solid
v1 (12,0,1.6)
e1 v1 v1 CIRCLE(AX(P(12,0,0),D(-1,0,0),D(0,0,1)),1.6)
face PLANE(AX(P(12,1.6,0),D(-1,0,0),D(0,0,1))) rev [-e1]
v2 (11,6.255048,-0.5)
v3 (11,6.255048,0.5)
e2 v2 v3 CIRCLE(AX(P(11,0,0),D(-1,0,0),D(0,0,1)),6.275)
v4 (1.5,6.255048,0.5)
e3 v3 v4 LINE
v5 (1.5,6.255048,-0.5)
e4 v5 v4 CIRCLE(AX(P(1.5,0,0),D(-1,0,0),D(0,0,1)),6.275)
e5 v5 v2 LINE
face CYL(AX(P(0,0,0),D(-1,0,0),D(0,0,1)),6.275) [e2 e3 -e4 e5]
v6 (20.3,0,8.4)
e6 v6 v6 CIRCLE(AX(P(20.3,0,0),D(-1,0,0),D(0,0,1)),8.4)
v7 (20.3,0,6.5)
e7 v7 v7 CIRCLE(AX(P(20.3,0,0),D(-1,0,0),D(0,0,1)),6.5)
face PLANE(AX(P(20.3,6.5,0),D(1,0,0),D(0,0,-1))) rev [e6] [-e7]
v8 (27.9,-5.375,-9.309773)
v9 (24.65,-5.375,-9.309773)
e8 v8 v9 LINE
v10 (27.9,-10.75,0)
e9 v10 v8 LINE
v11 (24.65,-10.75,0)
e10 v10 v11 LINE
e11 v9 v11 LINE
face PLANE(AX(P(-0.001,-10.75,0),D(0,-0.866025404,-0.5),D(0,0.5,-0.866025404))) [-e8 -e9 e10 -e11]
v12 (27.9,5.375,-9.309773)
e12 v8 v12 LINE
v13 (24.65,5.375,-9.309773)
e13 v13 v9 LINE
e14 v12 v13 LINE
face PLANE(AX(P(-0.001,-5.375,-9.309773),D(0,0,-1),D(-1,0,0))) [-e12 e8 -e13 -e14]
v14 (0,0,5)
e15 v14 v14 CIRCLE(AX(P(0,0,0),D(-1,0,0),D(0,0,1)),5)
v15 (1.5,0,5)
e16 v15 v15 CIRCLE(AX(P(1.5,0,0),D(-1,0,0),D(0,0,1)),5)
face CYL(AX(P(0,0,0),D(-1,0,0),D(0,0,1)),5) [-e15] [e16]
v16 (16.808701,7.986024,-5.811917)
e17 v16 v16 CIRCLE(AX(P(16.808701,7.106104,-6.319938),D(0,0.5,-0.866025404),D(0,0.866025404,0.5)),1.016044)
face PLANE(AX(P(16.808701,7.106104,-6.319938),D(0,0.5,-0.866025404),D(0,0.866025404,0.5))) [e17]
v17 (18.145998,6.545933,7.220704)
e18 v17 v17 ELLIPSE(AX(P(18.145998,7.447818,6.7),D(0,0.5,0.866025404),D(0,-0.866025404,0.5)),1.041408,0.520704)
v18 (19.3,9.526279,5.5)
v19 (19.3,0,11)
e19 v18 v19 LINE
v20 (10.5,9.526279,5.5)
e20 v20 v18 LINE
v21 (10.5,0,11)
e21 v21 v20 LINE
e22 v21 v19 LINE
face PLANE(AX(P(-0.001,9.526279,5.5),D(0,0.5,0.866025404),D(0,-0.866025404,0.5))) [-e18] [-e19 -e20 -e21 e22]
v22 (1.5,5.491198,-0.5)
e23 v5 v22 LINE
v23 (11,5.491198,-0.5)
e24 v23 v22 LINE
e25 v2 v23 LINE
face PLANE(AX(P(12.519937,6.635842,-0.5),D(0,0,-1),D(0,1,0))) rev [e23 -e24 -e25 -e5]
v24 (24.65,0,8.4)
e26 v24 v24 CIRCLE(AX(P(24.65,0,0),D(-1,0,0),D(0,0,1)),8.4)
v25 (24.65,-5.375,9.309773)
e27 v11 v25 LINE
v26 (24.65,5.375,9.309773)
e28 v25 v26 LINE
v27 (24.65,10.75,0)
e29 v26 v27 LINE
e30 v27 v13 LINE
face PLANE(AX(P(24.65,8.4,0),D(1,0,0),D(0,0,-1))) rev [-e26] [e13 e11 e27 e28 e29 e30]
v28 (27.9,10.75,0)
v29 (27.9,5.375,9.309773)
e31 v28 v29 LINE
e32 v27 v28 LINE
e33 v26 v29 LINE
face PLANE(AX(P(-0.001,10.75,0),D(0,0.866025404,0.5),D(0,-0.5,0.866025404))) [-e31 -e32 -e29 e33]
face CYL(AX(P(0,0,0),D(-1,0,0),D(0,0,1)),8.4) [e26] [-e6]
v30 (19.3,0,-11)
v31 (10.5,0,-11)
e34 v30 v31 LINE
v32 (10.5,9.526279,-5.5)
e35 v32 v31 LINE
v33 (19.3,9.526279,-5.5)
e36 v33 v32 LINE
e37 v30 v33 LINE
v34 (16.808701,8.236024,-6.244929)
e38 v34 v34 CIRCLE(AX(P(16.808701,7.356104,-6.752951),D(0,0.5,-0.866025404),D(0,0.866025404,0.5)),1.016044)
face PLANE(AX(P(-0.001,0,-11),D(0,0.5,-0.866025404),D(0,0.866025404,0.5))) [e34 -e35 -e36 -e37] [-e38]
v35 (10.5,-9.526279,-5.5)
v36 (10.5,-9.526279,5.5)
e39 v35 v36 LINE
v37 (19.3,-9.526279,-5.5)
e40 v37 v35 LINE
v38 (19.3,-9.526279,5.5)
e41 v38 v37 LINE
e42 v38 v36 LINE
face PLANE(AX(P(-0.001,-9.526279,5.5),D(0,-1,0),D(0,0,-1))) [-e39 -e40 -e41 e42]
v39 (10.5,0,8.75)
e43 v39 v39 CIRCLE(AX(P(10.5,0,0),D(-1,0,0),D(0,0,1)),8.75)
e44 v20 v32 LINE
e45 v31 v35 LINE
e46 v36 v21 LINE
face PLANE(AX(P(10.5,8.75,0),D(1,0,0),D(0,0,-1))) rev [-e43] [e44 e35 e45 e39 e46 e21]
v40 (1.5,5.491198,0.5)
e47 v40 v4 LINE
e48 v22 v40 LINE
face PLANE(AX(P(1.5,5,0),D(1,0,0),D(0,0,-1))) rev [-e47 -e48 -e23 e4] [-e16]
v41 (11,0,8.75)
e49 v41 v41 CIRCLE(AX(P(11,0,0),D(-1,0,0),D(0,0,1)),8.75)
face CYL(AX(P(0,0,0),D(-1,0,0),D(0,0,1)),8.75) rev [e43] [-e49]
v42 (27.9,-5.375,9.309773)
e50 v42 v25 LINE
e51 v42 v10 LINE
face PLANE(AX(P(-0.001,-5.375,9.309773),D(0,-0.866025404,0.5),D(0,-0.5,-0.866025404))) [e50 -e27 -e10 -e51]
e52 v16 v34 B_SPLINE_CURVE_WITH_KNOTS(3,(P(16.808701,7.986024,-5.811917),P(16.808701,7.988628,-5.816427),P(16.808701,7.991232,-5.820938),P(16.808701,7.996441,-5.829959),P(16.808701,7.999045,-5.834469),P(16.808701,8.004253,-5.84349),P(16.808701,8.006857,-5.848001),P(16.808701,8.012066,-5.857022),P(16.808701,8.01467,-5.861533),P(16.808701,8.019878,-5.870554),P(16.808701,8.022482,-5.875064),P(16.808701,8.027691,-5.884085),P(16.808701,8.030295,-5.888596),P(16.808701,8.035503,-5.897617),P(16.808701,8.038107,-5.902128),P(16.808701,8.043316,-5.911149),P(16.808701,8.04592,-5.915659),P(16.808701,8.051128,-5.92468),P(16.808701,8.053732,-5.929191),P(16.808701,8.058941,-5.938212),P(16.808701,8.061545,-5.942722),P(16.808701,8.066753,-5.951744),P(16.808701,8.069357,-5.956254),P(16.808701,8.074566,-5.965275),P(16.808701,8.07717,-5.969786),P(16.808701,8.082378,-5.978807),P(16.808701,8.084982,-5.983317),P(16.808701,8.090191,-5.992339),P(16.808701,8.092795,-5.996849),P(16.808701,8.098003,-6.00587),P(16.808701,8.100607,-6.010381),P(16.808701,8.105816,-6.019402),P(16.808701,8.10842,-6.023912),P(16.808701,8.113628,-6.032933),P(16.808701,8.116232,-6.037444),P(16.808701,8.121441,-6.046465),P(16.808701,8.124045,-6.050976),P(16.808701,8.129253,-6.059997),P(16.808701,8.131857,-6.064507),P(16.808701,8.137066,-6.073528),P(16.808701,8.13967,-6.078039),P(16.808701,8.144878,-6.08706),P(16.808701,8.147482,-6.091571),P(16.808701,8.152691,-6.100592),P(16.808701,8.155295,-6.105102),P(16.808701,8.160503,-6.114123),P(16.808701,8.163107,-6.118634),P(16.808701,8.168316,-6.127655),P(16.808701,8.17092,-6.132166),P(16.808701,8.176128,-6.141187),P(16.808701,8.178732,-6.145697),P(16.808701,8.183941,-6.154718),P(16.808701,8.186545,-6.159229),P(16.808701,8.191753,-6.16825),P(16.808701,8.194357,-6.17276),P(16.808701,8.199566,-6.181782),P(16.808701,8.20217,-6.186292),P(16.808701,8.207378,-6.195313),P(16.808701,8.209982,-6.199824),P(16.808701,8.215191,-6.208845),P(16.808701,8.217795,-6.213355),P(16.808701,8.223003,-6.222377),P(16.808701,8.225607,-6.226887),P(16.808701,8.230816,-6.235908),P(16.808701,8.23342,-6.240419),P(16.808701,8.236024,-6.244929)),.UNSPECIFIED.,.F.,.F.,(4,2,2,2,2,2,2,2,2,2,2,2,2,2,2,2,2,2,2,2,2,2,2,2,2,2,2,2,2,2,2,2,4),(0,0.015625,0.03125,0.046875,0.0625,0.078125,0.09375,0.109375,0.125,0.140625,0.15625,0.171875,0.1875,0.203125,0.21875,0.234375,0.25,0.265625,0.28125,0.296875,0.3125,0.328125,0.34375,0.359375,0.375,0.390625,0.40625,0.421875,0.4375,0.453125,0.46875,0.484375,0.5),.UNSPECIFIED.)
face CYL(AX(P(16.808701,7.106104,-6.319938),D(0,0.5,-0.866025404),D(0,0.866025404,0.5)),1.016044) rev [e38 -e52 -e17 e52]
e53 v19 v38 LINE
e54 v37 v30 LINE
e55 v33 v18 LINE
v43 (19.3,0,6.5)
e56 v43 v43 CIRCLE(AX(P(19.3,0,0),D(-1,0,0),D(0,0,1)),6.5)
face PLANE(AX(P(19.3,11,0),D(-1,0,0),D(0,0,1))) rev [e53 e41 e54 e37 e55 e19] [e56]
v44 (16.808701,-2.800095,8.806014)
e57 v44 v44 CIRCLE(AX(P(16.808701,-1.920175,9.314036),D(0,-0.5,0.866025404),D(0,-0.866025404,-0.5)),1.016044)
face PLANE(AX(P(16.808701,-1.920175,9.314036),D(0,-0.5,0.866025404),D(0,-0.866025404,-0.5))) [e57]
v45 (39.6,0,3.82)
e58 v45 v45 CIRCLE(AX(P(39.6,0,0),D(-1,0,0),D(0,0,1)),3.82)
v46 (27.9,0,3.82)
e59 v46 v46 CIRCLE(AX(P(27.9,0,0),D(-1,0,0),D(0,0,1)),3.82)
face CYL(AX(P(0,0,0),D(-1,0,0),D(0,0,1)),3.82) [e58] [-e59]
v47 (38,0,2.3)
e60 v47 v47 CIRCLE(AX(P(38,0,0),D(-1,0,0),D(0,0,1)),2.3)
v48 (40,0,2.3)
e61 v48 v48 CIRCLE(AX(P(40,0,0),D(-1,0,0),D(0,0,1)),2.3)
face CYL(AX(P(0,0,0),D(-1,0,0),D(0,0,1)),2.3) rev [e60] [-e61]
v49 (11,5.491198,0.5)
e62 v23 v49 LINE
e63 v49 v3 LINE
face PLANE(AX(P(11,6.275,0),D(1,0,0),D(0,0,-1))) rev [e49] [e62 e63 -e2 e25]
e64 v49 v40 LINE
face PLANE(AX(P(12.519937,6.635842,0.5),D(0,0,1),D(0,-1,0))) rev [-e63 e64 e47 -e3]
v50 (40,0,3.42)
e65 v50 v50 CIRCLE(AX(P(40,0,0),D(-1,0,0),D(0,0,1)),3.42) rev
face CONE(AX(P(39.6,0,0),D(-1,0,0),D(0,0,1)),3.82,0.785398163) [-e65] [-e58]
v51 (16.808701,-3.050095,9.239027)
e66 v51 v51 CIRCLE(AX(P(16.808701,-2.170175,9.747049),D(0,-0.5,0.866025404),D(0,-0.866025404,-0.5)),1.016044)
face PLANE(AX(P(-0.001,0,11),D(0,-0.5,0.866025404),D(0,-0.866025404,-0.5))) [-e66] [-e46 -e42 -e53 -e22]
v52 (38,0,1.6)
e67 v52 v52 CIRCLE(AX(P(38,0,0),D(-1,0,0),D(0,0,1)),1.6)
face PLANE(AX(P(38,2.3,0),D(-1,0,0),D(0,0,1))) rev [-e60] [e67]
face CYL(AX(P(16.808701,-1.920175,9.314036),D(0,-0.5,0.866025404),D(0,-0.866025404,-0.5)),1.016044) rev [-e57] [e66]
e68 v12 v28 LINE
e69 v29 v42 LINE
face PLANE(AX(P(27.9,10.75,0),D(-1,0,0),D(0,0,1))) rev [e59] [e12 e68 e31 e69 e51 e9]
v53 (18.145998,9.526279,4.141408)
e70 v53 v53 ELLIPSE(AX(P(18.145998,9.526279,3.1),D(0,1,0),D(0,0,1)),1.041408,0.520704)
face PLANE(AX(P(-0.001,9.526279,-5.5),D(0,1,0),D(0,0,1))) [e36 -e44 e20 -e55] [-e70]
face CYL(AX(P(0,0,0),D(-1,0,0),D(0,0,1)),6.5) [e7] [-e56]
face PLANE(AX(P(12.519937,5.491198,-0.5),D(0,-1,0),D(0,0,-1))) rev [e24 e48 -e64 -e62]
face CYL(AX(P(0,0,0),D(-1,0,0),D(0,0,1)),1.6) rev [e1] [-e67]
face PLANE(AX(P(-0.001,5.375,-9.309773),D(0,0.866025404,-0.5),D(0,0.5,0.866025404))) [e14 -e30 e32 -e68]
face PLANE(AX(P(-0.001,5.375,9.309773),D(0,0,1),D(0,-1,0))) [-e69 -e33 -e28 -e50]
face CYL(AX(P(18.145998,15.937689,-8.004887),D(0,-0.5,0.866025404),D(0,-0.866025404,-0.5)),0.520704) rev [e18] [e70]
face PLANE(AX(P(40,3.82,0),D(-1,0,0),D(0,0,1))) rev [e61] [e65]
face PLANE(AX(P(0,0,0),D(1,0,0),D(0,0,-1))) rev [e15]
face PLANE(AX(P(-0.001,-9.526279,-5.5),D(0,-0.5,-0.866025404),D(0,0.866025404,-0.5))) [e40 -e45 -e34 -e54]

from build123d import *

# Parameters (mm, degrees)
CHAMFER1_SIZE           = 0.4
EXTRUDE1_START          = -3.25
SKETCH2_R               = 11.925743973
EXTRUDE1_DEPTH          = 3.25
EXTRUDE2_START          = -8.8
SKETCH3_R               = 13.491172398
EXTRUDE2_DEPTH          = 8.8
SKETCH4_W               = 1
SKETCH4_H               = 1.144643989
EXTRUDE3_DEPTH          = 9.5
CUT_EXTRUDE1_DEPTH      = 48.023611133
CUT_EXTRUDE1_DEPTH_BACK = 48.023611133
SKETCH5_R               = 0.520703833
SKETCH6_R               = 1.016043674
CUT_EXTRUDE2_DEPTH      = 0.5
CUT_EXTRUDE3_START      = -0.5
SKETCH7_R               = 1.016043674
CUT_EXTRUDE3_DEPTH      = 0.5


with BuildPart() as part:
    # Sketch1 → Revolve1 (revolve)
    with BuildSketch(Plane.XY, mode=Mode.PRIVATE) as revolve1_sk:
        Polygon((0, 0), (0, 5), (1.5, 5), (1.5, 6.275), (11, 6.275), (11, 8.75), (10.5, 8.75), (10.5, 11), (19.3, 11), (19.3, 6.5), (20.3, 6.5), (20.3, 8.4), (24.65, 8.4), (24.65, 10.75), (27.9, 10.75), (27.9, 3.82), (40, 3.82), (40, 2.3), (38, 2.3), (38, 1.6), (12, 1.6), (12, 0), align=None)
    revolve(revolve1_sk.sketch.rotate(Axis((0, 0, 0), (1, 0, 0)), 90), axis=Axis((0, 0, 0), (1, 0, 0)))

    # Chamfer1
    chamfer1_edges = [part.edges().sort_by_distance(p)[0] for p in [
        (40, 0, -3.82),
    ]]
    chamfer(chamfer1_edges, length=CHAMFER1_SIZE)

    # Sketch2 → Extrude1 (cut)
    with BuildSketch(Plane(origin=(27.9, 0, 0), x_dir=(0, 0, -1), z_dir=(1, 0, 0)).offset(EXTRUDE1_START)):
        Circle(SKETCH2_R)
        Polygon((0, 10.75), (-9.309773091, 5.375), (-9.309773091, -5.375), (0, -10.75), (9.309773091, -5.375), (9.309773091, 5.375), align=None, mode=Mode.SUBTRACT)
    extrude(amount=EXTRUDE1_DEPTH, mode=Mode.SUBTRACT)

    # Sketch3 → Extrude2 (cut)
    with BuildSketch(Plane(origin=(19.3, 0, 0), x_dir=(0, 0, -1), z_dir=(1, 0, 0)).offset(EXTRUDE2_START)):
        Circle(SKETCH3_R)
        Polygon((-5.5, 9.526279442), (-11, 0), (-5.5, -9.526279442), (5.5, -9.526279442), (11, 0), (5.5, 9.526279442), align=None, mode=Mode.SUBTRACT)
    extrude(amount=EXTRUDE2_DEPTH, mode=Mode.SUBTRACT)

    # Sketch4 → Extrude3 (cut)
    with BuildSketch(Plane.ZY.offset(-1.5)):
        with Locations((0, 6.063519509)):
            Rectangle(SKETCH4_W, SKETCH4_H)
    extrude(amount=-EXTRUDE3_DEPTH, mode=Mode.SUBTRACT)

    # Sketch5 → Cut-Extrude1 (cut, two sides: drawn at the far end of the back side and taken through both)
    with BuildSketch(Plane(origin=(0, -4.763139721, 8.25), x_dir=(1, 0, 0), z_dir=(0, -0.5000000000000002, 0.8660254037844386)).offset(-CUT_EXTRUDE1_DEPTH_BACK)):
        with Locations(Location((18.145997854, 9.8, 0), (0, 0, 270))):
            Circle(SKETCH5_R)
    extrude(amount=CUT_EXTRUDE1_DEPTH + CUT_EXTRUDE1_DEPTH_BACK, mode=Mode.SUBTRACT)

    # Sketch6 → Cut-Extrude2 (cut)
    with BuildSketch(Plane(origin=(0, -4.763139721, 8.25), x_dir=(1, 0, 0), z_dir=(0, -0.5000000000000002, 0.8660254037844386))):
        with Locations(Location((16.808700708, 2.994097786, 0), (0, 0, 270))):
            Circle(SKETCH6_R)
    extrude(amount=-CUT_EXTRUDE2_DEPTH, mode=Mode.SUBTRACT)

    # Sketch7 → Cut-Extrude3 (cut)
    with BuildSketch(Plane(origin=(0, 4.763139721, -8.25), x_dir=(-1, 0, 0), z_dir=(0, 0.49999999999999944, -0.8660254037844389)).offset(CUT_EXTRUDE3_START)):
        with Locations(Location((-16.808700708, 2.994097786, 0), (0, 0, 270))):
            Circle(SKETCH7_R)
    extrude(amount=CUT_EXTRUDE3_DEPTH, mode=Mode.SUBTRACT)


solid = part.part
